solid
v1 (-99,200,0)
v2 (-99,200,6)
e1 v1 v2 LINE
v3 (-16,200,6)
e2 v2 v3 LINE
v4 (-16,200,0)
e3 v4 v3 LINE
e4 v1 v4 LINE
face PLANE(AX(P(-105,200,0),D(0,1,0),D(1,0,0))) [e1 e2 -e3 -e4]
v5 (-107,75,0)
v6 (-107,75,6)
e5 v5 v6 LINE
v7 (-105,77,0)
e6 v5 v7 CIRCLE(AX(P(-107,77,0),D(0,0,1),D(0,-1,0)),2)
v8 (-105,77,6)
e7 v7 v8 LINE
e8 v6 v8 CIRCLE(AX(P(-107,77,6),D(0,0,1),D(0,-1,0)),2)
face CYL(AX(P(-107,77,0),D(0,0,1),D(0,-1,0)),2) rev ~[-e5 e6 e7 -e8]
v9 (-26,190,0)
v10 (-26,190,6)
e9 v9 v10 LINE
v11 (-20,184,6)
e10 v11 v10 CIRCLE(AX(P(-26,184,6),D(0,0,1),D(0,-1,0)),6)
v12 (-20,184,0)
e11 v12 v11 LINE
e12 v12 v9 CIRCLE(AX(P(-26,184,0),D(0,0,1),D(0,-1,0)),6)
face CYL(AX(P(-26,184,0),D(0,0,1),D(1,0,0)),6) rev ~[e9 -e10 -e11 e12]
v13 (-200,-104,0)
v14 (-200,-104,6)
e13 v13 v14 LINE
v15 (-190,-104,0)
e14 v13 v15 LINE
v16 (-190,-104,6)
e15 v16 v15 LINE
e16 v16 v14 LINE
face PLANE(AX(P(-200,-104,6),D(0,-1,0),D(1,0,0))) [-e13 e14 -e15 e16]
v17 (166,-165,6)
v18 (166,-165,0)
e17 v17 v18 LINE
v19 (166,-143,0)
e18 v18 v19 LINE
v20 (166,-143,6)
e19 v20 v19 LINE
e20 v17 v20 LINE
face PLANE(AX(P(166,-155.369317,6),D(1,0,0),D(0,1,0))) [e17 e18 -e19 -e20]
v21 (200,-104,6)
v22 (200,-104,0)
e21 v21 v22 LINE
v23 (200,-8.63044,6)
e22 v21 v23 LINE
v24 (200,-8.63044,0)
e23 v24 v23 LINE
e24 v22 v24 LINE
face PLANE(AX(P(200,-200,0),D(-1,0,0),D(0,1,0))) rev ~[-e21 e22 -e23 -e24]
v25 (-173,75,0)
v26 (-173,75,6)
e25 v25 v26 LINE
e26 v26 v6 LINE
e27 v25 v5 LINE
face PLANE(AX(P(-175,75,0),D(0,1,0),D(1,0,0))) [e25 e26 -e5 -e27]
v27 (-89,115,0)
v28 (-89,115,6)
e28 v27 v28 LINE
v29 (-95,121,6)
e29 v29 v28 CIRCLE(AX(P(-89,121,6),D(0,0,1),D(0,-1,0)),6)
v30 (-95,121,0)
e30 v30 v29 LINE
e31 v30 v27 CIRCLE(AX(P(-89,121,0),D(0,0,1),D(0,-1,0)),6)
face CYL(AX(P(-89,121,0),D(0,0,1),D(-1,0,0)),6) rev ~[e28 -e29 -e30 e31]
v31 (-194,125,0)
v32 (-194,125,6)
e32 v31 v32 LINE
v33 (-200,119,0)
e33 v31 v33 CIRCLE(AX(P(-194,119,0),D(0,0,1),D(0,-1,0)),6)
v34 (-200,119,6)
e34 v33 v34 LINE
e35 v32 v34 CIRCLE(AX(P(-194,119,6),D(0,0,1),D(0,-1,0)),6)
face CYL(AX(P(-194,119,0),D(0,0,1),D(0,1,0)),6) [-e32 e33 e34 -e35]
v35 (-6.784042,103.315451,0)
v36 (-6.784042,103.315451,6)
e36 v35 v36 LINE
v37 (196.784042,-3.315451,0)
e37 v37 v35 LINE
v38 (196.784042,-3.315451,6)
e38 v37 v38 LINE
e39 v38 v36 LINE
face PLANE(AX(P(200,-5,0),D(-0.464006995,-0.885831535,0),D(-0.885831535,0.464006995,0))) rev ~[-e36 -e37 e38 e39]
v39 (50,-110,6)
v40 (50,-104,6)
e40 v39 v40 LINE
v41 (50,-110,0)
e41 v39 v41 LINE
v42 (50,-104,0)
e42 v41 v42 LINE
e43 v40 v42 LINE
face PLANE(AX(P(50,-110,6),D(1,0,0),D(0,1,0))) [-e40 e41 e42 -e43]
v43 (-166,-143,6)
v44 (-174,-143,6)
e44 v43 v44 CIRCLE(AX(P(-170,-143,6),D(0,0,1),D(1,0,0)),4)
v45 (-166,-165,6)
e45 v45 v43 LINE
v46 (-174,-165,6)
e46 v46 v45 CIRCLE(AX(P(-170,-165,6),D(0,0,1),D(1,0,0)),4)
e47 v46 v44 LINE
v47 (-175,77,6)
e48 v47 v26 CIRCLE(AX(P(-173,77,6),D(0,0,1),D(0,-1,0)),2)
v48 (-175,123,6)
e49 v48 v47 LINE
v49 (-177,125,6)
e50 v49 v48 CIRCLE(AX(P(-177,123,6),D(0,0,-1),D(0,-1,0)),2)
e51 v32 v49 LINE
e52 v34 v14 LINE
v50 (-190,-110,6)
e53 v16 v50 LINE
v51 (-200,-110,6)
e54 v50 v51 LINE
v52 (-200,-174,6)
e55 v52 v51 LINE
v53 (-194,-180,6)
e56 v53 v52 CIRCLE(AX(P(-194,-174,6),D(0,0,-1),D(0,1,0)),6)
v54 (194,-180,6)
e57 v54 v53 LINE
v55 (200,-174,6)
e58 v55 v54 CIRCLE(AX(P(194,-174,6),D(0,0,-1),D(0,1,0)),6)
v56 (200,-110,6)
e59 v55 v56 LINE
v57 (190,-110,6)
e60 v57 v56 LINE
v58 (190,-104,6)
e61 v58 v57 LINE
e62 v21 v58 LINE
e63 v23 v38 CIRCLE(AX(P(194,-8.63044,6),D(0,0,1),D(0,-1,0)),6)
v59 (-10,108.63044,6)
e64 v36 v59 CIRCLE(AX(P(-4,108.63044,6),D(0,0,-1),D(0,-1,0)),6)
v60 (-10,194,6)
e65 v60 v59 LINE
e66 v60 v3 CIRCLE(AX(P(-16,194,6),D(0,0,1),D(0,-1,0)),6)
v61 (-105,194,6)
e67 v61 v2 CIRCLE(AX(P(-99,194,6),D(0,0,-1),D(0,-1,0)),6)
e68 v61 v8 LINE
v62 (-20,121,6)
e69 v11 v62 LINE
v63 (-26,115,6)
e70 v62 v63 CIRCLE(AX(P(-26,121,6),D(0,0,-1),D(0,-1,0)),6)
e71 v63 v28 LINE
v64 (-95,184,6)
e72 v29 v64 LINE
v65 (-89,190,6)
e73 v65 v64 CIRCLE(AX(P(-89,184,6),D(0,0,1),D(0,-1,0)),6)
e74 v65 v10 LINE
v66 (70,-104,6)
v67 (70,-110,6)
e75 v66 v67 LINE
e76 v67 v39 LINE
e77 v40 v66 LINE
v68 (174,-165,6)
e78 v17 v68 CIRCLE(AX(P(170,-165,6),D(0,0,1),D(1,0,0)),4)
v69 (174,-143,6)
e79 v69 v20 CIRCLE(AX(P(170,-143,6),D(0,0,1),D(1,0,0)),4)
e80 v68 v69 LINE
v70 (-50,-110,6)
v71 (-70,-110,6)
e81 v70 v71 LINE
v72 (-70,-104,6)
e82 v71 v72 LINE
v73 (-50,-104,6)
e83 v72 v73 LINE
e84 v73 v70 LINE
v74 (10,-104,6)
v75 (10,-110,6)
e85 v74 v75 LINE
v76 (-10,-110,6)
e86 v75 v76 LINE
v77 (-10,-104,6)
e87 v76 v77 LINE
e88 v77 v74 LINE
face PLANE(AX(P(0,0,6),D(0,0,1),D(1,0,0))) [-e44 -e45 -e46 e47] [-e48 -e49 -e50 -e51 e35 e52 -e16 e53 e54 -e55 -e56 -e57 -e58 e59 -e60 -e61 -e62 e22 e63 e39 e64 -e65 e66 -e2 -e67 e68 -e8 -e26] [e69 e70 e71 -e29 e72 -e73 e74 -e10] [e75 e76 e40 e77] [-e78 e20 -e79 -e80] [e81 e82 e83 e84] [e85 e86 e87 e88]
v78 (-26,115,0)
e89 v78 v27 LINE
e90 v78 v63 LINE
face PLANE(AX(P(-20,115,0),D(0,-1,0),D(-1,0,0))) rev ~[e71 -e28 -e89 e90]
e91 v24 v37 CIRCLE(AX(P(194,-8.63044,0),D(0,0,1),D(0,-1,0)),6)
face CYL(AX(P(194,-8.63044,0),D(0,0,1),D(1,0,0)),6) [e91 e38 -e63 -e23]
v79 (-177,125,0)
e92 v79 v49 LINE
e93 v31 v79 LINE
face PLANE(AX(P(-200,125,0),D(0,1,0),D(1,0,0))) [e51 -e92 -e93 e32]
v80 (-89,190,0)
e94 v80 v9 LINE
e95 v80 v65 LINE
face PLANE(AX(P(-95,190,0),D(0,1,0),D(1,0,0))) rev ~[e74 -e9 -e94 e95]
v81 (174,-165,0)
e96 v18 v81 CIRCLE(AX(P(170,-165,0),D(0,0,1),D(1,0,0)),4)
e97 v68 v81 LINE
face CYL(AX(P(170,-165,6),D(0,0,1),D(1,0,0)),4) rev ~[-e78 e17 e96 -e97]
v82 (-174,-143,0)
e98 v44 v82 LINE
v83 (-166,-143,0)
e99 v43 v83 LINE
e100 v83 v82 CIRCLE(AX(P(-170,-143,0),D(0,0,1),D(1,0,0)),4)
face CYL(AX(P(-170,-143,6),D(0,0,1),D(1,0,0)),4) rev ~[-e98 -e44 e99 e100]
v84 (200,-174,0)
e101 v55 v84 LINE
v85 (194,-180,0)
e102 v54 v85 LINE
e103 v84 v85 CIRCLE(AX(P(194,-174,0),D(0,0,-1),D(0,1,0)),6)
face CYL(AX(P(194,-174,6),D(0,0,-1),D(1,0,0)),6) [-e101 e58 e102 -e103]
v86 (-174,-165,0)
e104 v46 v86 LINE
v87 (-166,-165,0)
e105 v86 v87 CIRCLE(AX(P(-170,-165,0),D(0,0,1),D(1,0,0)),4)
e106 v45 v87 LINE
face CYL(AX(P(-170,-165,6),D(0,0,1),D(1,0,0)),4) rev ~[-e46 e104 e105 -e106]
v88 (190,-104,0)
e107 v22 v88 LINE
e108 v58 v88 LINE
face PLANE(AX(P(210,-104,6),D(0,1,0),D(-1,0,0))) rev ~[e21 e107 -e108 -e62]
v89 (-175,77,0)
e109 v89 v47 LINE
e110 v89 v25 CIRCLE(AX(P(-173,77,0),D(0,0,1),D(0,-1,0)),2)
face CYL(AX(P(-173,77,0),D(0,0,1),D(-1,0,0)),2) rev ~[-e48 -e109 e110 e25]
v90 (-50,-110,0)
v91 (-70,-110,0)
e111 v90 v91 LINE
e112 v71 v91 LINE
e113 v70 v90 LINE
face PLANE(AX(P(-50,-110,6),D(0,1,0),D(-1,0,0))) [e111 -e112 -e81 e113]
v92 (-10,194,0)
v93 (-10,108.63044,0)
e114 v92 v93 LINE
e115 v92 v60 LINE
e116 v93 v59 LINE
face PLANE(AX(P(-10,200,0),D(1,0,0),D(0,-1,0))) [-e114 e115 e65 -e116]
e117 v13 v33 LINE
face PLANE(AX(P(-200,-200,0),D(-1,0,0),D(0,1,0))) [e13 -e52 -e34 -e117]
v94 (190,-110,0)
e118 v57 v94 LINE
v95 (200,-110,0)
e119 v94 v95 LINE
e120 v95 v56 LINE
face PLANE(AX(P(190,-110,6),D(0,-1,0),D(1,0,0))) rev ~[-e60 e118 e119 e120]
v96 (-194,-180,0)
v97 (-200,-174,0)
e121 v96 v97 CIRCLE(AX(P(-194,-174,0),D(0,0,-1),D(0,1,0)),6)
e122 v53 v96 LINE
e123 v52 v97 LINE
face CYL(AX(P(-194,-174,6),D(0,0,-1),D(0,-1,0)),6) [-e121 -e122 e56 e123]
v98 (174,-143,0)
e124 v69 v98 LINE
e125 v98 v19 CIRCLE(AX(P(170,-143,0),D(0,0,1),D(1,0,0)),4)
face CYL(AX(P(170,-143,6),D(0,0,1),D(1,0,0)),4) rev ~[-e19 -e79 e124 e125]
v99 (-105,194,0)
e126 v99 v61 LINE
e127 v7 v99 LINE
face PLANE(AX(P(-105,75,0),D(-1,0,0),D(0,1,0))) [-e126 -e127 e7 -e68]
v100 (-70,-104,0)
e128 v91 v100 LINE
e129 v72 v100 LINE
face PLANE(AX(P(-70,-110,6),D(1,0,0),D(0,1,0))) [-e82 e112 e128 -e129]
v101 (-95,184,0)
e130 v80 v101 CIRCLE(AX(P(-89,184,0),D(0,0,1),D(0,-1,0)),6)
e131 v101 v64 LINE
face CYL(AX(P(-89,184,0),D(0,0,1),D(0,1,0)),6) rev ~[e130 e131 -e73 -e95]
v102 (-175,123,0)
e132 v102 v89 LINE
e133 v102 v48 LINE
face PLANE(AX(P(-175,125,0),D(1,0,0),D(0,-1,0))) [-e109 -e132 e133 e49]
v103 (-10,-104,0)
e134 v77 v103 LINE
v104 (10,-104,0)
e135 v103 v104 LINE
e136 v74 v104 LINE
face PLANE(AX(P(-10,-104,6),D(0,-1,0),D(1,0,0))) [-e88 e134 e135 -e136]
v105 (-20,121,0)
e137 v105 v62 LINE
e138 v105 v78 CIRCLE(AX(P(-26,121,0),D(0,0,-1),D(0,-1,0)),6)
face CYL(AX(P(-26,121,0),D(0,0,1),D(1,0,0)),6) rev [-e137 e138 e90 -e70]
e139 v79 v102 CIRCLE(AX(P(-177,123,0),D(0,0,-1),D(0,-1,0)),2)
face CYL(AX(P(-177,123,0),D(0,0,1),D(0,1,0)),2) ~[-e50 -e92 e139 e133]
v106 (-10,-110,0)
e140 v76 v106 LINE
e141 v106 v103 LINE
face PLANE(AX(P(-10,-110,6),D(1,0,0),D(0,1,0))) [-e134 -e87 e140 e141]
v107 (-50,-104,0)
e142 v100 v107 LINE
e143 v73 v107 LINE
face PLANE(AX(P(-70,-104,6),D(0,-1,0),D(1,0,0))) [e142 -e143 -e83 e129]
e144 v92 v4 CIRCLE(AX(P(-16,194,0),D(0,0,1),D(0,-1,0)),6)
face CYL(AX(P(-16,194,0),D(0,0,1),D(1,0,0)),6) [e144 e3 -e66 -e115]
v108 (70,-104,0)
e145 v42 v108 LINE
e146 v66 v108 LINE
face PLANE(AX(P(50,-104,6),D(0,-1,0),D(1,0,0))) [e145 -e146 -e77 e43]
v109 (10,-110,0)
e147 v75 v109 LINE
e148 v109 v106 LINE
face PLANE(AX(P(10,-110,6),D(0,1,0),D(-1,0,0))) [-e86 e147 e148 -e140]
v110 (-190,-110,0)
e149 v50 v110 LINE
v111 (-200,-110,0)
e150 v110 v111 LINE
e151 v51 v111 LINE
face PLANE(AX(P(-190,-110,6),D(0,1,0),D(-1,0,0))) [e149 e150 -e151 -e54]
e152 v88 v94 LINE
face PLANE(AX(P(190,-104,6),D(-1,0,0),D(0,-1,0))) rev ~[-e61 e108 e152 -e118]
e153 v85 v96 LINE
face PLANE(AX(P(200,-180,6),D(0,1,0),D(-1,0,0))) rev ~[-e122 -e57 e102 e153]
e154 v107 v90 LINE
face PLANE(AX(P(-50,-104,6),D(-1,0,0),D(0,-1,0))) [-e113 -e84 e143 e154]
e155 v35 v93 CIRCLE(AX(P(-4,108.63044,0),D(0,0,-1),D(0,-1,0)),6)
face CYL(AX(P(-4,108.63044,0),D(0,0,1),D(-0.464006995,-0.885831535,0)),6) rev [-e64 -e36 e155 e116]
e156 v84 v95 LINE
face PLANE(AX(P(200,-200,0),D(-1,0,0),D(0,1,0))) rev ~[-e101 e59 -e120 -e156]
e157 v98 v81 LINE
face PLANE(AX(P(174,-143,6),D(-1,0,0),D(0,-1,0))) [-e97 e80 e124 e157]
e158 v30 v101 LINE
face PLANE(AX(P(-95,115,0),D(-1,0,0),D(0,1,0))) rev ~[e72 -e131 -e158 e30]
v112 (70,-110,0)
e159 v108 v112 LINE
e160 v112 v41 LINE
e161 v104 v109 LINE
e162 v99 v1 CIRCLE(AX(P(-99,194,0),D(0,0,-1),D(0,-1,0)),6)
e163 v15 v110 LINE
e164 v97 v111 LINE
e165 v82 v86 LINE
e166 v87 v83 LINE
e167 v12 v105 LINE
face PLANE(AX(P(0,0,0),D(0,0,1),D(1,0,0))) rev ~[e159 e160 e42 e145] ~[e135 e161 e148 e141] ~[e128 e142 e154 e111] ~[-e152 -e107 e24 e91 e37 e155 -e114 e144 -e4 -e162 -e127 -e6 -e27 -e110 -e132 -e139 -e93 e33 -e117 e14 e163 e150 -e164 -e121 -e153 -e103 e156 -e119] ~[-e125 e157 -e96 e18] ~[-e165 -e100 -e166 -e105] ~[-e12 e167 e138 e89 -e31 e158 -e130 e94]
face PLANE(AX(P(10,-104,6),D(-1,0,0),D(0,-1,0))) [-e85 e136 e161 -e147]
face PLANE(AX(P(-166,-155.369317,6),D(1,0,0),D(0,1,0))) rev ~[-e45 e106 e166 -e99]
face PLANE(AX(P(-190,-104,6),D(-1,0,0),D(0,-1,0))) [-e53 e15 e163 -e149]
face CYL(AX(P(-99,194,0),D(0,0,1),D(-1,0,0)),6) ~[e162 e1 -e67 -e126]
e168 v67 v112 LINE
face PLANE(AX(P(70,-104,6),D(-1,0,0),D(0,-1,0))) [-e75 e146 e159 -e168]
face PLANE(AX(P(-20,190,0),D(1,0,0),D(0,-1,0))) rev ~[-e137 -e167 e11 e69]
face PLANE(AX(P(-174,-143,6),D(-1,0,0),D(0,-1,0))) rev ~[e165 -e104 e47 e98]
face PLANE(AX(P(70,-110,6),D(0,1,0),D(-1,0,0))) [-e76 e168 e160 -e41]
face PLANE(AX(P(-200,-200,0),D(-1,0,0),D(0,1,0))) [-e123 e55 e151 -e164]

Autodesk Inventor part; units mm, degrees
ref_plane "YZ Plane" through (0, 0, 0) normal (1, 0, 0) x (0, 1, 0)
ref_plane "XZ Plane" through (0, 0, 0) normal (0, 1, 0) x (-1, 0, 0)
ref_plane "XY Plane" through (0, 0, 0) normal (0, 0, 1) x (1, 0, 0)
sketch "Boceto1" plane through (0, 0, 0) normal (0, 0, 1) x (1, 0, 0)
  line L0 (200, -200) -> (-200, -200)
  line L1 (-200, -200) -> (-200, 105)
  line L2 (-105, 105) -> (-105, 200)
  line L3 (-105, 200) -> (-10, 200)
  line L4 (-10, 200) -> (-10, 105)
  line L5 (200, -200) -> (200, -5)
  line L6 (200, -5) -> (-10, 105)
  line L7 (-20, 115) -> (-95, 115)
  line L8 (-95, 115) -> (-95, 190)
  line L9 (-95, 190) -> (-20, 190)
  line L10 (-20, 190) -> (-20, 115)
  line L11 (-20, 115) -> (-95, 190) construction
  line L12 (-95, 115) -> (-20, 190) construction
  line L13 (-200, 105) -> (-200, 125)
  line L14 (-200, 125) -> (-175, 125)
  line L15 (-175, 125) -> (-175, 75)
  line L16 (-175, 75) -> (-105, 75)
  line L17 (-105, 75) -> (-105, 105)
  point P0 (0, 0)
  point P1 (-57.5, 152.5)
  dimension "d0" = 305
  dimension "d1" = 95
  dimension "d2" = 95
  dimension "d3" = 195
  dimension "d4" = 400
  dimension "d7" = 75
  dimension "d8" = 75
  dimension "d9" = 20
  dimension "d10" = 25
  dimension "d11" = 50
extrude "Extrusión1" add sketch "Boceto1" along normal blind 6
fillet "Empalme1" radius 2 3 edges at (-175, 125, 3) (-175, 75, 3) (-105, 75, 3)
fillet "Empalme2" radius 6 11 edges at (-200, 125, 3) (-105, 200, 3) (-10, 200, 3) (-10, 105, 3) (-95, 115, 3) (-95, 190, 3) (-20, 190, 3) (-20, 115, 3) (200, -5, 3) (200, -200, 3) (-200, -200, 3)
sketch "Boceto2" plane through (0, 0, 6) normal (0, 0, 1) x (1, 0, 0)
  line L0 (10, -110) -> (-10, -110)
  line L1 (-10, -110) -> (-10, -104)
  line L2 (-10, -104) -> (10, -104)
  line L3 (10, -104) -> (10, -110)
  line L4 (10, -110) -> (-10, -104) construction
  line L5 (-10, -110) -> (10, -104) construction
  line L6 (-50, -110) -> (-70, -110)
  line L7 (-70, -110) -> (-70, -104)
  line L8 (-70, -104) -> (-50, -104)
  line L9 (-50, -104) -> (-50, -110)
  line L10 (-50, -110) -> (-70, -104) construction
  line L11 (-70, -110) -> (-50, -104) construction
  line L12 (70, -110) -> (50, -110)
  line L13 (50, -110) -> (50, -104)
  line L14 (50, -104) -> (70, -104)
  line L15 (70, -104) -> (70, -110)
  line L16 (70, -110) -> (50, -104) construction
  line L17 (50, -110) -> (70, -104) construction
  circle A0 centre (-170, -107) radius 4
  line L18 (-190, -110) -> (-210, -110)
  line L19 (-210, -110) -> (-210, -104)
  line L20 (-210, -104) -> (-190, -104)
  line L21 (-190, -104) -> (-190, -110)
  line L22 (-200, -149) -> (-200, 99)
  line L23 (-190, -110) -> (-210, -104) construction
  line L24 (-210, -110) -> (-190, -104) construction
  line L25 (0, 0) -> (0, -107)
  line L26 (210, -104) -> (190, -104)
  line L27 (190, -110) -> (210, -110)
  line L28 (190, -104) -> (190, -110)
  line L29 (210, -110) -> (210, -104)
  point P0 (-60, -107)
  point P1 (60, -107)
  point P2 (-200, -107)
  dimension "d16" = 20
  dimension "d17" = 6
  dimension "d18" = 20
  dimension "d19" = 60
  dimension "d20" = 20
  dimension "d21" = 60
  dimension "d22" = 8
  dimension "d23" = 20
  dimension "d24" = 6
  dimension "d25" = 110
  dimension "d27" = 6
  dimension "d28" = 6
  dimension "d29" = 107
extrude "Extrusión2" cut sketch "Boceto2" against normal through all contours L0 L1 L2 L3 | L6 L7 L8 L9 | L12 L13 L14 L15 | L18 L22 L20 L21 | L18 L19 L20 L22 | L29 L27 L28 L26
sketch "Boceto3" plane through (0, 0, 6) normal (0, 0, 1) x (1, 0, 0)
  line L0 (-194, -200) -> (194, -200) projected
  line L1 (0, -200) -> (0, -130)
  line L2 (0, -130) -> (-200, -130)
  line L3 (-200, -110) -> (-200, -194) projected
  line L4 (-200, -130) -> (-200, -120)
  line L5 (-200, -120) -> (200, -120)
  line L6 (200, -110) -> (200, -194) projected
  line L7 (0, -130) -> (200, -130)
  line L8 (200, -120) -> (200, -130)
  line L9 (10, -110) -> (-10, -110)
  line L10 (-10, -110) -> (-10, -104)
  line L11 (-10, -104) -> (10, -104)
  line L12 (10, -104) -> (10, -110)
  line L13 (10, -110) -> (-10, -104) construction
  line L14 (-10, -110) -> (10, -104) construction
  line L15 (-50, -110) -> (-70, -110)
  line L16 (-70, -110) -> (-70, -104)
  line L17 (-70, -104) -> (-50, -104)
  line L18 (-50, -104) -> (-50, -110)
  line L19 (-50, -110) -> (-70, -104) construction
  line L20 (-70, -110) -> (-50, -104) construction
  line L21 (70, -110) -> (50, -110)
  line L22 (50, -110) -> (50, -104)
  line L23 (50, -104) -> (70, -104)
  line L24 (70, -104) -> (70, -110)
  line L25 (70, -110) -> (50, -104) construction
  line L26 (50, -110) -> (70, -104) construction
  circle A0 centre (-170, -107) radius 4
  line L27 (-190, -110) -> (-210, -110)
  line L28 (-210, -110) -> (-210, -104)
  line L29 (-210, -104) -> (-190, -104)
  line L30 (-190, -104) -> (-190, -110)
  line L31 (-200, -149) -> (-200, 99)
  line L32 (-190, -110) -> (-210, -104) construction
  line L33 (-210, -110) -> (-190, -104) construction
  circle A1 centre (-80, -95) radius 3
  circle A2 centre (-80, -51) radius 3
  circle A3 centre (-170, -80) radius 3
  circle A4 centre (-170, -60) radius 3
  line L34 (0, 0) -> (0, -107)
  circle A5 centre (170, -107) radius 4
  line L35 (210, -104) -> (190, -104)
  line L36 (190, -110) -> (210, -110)
  line L37 (190, -104) -> (190, -110)
  line L38 (210, -110) -> (210, -104)
  circle A6 centre (80, -95) radius 3
  circle A7 centre (80, -51) radius 3
  circle A8 centre (170, -107) radius 13
  circle A9 centre (-170, -107) radius 13
  circle A10 centre (-170, -143) radius 13
  circle A11 centre (-170, -143) radius 4
  circle A12 centre (-170, -165) radius 4
  line L39 (-174, -143) -> (-174, -165)
  line L40 (-166, -165) -> (-166, -143)
  circle A13 centre (170, -143) radius 13
  circle A14 centre (170, -143) radius 4
  circle A15 centre (170, -165) radius 4
  line L41 (174, -143) -> (174, -165)
  line L42 (166, -165) -> (166, -143)
  point P0 (-60, -107)
  point P1 (60, -107)
  point P2 (-200, -107)
  dimension "d33" = 70
  dimension "d34" = 10
  dimension "d35" = 20
  dimension "d36" = 6
  dimension "d38" = 20
  dimension "d39" = 60
  dimension "d40" = 20
  dimension "d41" = 60
  dimension "d42" = 8
  dimension "d43" = 20
  dimension "d44" = 6
  dimension "d45" = 110
  dimension "d46" = 6
  dimension "d47" = 20
  dimension "d48" = 12
  dimension "d49" = 6
  dimension "d50" = 44
  dimension "d51" = 6
  dimension "d52" = 6
  dimension "d54" = 6
  dimension "d55" = 6
  dimension "d56" = 26
  dimension "d57" = 8
  dimension "d58" = 8
extrude "Extrusión3" cut sketch "Boceto3" against normal through all contours L39 A11 L40 A10 | A10 L40 A12 L39 | L42 A14 L41 A13 | A13 L41 A15 L42 | A11 | A12 | A15 | A14 picked at (-169.8393, -152.9432) picked at (170.1607, -152.9432)
sketch "Boceto5" plane through (0, 0, 6) normal (0, 0, 1) x (1, 0, 0)
  line L0 (-194, -200) -> (194, -200) projected
  line L1 (0, -200) -> (200, -200)
  line L2 (200, -200) -> (200, -180)
  line L3 (200, -194) -> (200, -110) projected
  line L4 (200, -180) -> (-200, -180)
  line L5 (-200, -110) -> (-200, -194) projected
  line L6 (-200, -200) -> (-200, -180)
  line L7 (-200, -200) -> (0, -200)
  point P0 (0, 0)
  dimension "d61" = 20
extrude "Extrusión4" cut sketch "Boceto5" against normal through all
fillet "Empalme3" radius 6 2 edges at (-200, -180, 3) (200, -180, 3)
properties part number "INTERNAL SIDE PLATE" material "Acero, carbono"
